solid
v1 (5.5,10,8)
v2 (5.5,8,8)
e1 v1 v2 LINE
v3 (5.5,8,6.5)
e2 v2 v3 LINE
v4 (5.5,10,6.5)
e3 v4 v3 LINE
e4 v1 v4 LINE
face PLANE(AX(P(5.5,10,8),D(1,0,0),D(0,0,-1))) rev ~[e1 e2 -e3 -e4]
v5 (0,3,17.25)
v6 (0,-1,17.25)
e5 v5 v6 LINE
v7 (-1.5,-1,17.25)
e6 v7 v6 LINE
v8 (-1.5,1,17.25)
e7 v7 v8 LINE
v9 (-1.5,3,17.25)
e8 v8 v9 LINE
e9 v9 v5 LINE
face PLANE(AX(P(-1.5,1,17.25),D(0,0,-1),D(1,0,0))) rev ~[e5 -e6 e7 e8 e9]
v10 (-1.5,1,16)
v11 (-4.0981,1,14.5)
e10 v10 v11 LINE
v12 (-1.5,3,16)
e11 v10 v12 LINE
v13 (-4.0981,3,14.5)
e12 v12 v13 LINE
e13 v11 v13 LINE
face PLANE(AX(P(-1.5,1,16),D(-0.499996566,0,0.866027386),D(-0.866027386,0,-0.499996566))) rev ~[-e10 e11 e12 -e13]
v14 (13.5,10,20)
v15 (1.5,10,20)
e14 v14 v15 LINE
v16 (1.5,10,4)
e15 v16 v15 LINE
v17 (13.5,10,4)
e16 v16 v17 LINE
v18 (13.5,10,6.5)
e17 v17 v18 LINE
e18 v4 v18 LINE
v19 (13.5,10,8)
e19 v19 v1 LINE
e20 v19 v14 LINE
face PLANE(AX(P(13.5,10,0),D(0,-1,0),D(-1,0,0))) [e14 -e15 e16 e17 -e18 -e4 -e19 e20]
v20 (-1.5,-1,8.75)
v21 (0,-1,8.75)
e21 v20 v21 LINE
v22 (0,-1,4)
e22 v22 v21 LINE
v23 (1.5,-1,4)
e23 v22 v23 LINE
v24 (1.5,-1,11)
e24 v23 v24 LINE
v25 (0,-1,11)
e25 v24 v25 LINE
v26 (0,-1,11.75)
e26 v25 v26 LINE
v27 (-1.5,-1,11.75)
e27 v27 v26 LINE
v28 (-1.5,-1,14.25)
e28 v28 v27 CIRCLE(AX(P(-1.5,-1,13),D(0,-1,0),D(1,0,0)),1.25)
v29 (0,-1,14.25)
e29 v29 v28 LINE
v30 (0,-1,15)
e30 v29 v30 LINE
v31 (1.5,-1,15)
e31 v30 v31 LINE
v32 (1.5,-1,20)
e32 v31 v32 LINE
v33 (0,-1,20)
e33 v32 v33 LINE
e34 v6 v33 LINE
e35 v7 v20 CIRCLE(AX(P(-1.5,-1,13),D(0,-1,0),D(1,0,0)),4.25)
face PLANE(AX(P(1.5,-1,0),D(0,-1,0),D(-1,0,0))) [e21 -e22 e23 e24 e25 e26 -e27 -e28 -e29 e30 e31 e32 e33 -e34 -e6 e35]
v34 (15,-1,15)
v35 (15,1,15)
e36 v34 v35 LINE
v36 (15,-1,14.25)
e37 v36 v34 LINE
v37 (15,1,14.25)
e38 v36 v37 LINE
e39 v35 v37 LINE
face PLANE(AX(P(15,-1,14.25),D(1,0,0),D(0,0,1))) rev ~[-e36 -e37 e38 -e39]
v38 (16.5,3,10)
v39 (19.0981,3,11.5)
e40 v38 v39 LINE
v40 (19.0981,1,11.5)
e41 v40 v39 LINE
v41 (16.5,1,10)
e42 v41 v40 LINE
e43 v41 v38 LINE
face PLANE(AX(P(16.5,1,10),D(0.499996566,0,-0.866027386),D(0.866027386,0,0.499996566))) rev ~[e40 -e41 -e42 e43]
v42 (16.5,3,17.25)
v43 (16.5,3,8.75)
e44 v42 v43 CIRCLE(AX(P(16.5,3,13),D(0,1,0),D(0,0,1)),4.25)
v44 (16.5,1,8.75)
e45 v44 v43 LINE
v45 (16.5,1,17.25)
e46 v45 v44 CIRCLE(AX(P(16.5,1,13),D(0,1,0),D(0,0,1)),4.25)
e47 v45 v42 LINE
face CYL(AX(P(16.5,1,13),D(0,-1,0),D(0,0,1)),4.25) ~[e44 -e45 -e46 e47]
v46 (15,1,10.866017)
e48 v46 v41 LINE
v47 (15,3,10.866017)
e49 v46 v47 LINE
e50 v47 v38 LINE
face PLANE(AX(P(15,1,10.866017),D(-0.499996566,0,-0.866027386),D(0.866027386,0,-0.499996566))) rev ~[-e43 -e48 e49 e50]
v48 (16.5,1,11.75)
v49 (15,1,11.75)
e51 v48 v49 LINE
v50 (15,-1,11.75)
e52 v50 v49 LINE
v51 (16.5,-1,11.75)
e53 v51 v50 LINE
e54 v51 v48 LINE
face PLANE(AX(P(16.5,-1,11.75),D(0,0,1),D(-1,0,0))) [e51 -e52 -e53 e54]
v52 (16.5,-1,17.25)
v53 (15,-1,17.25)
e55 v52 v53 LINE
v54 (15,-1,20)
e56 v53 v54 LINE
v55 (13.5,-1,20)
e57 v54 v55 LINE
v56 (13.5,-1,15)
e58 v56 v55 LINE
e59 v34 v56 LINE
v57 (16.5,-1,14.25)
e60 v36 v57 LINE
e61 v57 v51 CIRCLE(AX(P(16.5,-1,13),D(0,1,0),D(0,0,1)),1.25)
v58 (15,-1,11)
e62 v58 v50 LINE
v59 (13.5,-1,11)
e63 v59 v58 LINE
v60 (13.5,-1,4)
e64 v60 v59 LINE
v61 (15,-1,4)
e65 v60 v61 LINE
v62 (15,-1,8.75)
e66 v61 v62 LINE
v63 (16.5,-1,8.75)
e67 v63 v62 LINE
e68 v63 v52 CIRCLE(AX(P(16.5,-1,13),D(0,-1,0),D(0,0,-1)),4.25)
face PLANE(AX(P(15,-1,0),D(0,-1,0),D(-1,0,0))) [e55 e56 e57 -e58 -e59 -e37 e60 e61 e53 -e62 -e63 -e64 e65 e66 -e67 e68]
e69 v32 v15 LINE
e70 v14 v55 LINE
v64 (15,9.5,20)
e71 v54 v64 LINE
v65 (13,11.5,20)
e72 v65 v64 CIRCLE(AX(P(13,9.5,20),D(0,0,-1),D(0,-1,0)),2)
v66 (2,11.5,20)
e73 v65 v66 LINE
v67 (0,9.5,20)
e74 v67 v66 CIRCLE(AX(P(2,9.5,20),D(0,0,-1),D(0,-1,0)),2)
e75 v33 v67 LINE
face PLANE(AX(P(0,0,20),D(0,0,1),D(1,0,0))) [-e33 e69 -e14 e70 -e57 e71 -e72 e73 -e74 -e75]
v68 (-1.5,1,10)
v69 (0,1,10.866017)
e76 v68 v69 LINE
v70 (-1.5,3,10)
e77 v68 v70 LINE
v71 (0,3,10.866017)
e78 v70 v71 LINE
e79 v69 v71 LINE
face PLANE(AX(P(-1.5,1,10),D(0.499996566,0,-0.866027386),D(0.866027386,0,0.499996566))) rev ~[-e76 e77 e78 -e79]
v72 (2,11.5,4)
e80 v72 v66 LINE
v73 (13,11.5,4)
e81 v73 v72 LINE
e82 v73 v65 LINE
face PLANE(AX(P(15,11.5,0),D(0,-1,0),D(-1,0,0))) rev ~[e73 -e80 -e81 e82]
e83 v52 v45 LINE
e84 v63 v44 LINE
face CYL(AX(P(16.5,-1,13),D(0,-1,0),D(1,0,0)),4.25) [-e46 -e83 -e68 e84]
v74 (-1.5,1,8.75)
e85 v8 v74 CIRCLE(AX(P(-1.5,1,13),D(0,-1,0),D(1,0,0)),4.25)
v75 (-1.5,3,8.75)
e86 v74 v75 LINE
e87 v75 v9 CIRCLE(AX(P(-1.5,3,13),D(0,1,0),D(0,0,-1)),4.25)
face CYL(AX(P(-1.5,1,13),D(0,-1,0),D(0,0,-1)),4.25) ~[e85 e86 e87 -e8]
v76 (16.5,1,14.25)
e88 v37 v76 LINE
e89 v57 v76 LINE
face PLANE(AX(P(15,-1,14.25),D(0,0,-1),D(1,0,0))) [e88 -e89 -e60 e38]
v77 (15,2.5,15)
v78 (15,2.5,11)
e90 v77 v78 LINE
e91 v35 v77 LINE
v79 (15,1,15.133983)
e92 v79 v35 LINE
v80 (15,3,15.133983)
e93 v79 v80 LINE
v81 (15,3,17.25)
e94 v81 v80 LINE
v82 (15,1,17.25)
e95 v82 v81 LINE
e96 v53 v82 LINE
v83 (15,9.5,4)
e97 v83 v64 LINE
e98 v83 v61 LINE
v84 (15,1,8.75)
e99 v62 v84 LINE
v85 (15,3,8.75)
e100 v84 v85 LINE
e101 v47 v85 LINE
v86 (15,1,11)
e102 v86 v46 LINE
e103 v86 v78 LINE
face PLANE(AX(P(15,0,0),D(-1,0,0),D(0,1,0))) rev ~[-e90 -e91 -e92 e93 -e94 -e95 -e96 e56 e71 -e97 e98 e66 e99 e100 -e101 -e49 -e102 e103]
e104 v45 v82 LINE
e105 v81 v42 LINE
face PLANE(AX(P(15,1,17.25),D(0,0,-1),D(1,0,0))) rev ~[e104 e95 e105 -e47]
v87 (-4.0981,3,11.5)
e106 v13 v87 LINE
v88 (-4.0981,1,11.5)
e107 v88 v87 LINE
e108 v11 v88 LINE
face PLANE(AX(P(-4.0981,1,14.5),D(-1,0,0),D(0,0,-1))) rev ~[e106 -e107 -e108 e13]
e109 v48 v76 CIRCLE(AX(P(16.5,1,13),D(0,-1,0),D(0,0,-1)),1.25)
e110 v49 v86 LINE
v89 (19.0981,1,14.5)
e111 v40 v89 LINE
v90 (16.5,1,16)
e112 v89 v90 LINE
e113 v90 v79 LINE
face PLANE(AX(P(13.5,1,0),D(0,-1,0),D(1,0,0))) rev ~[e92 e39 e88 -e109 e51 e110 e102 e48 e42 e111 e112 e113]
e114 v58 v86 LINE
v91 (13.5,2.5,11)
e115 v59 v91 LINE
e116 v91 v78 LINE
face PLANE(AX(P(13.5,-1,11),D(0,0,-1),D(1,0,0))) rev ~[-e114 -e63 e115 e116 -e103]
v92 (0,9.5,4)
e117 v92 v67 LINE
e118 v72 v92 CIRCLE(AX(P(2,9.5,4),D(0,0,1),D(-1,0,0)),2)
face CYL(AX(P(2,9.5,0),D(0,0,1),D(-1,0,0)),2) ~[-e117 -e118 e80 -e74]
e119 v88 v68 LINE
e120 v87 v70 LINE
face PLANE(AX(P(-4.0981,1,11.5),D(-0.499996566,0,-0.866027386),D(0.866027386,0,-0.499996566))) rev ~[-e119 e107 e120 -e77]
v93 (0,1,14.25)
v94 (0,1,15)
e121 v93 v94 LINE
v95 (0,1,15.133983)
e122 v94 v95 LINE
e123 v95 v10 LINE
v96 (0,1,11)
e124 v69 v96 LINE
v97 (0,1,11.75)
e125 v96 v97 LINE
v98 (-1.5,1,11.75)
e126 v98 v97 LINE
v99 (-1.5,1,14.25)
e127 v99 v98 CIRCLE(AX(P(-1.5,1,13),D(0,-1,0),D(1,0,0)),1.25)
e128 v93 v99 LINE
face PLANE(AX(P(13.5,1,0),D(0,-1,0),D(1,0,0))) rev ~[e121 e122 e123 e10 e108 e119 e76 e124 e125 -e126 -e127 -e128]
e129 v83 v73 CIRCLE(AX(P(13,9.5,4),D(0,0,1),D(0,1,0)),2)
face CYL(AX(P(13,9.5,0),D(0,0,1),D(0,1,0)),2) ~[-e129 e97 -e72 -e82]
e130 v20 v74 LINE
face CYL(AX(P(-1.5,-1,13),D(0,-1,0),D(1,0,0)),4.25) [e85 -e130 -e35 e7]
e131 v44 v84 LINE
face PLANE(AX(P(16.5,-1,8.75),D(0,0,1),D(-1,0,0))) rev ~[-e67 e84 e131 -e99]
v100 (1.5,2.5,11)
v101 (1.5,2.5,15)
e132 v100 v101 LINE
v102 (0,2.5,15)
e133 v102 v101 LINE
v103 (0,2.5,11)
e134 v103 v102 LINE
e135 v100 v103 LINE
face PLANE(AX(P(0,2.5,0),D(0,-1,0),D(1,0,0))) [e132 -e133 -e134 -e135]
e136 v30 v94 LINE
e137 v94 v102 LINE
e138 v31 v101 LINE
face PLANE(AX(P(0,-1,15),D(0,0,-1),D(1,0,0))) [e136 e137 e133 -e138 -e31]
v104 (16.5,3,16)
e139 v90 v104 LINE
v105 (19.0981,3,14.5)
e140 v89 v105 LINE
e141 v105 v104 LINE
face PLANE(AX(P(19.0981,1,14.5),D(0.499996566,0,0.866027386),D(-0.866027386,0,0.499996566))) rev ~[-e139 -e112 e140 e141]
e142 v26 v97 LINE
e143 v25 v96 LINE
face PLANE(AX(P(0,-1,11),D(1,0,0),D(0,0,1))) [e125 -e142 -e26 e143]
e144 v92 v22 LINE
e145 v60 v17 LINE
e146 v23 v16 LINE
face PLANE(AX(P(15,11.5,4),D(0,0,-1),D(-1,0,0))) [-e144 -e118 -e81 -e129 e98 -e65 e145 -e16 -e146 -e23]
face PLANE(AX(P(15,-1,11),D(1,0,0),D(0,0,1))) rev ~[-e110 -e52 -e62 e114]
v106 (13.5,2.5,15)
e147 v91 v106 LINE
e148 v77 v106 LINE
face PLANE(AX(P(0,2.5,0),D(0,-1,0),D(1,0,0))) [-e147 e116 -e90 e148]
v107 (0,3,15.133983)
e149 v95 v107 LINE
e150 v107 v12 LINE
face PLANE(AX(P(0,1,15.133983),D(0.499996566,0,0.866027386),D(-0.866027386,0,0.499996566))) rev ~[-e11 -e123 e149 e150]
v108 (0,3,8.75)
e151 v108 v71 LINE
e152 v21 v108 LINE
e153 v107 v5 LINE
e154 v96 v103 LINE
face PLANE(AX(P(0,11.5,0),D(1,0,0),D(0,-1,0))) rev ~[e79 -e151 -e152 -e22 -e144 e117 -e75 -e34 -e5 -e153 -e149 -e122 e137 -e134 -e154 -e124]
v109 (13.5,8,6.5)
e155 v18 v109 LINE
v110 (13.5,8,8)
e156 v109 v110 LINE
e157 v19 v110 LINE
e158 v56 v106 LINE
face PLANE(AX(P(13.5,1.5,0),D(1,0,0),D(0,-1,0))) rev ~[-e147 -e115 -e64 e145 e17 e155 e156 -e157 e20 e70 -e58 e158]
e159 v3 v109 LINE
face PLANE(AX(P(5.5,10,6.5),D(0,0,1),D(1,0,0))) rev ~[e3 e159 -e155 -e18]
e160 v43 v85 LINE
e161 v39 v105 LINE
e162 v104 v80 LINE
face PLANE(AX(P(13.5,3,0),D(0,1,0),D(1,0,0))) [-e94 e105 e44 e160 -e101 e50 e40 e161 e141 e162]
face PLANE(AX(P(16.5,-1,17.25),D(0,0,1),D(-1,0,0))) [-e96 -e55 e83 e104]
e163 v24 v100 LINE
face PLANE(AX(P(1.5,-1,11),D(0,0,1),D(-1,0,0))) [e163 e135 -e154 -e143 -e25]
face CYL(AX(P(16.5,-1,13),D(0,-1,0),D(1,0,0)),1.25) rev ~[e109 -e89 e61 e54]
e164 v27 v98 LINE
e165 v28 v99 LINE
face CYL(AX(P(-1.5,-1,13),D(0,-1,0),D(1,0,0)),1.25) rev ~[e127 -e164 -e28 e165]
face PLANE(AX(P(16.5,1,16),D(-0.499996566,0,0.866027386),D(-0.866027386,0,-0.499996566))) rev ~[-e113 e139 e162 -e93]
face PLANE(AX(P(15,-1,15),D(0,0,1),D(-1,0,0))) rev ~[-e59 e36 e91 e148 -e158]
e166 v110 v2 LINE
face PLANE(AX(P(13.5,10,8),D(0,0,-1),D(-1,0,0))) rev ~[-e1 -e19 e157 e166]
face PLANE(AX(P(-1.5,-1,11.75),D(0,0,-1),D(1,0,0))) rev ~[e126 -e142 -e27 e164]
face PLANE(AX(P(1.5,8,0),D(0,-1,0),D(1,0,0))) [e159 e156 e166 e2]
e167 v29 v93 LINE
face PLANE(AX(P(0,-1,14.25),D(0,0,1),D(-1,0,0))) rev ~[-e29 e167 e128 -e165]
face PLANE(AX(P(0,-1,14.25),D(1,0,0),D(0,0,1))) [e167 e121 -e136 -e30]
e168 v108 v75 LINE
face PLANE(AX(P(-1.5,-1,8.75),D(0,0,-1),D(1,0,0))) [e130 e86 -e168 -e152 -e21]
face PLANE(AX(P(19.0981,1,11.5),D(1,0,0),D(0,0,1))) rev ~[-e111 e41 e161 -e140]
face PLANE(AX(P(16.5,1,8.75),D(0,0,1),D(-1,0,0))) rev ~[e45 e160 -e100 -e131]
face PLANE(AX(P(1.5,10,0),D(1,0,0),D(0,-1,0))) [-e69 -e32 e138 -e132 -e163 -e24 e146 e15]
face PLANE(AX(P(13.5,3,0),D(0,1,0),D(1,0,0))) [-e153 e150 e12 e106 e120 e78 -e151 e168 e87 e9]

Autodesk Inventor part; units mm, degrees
ref_plane "YZ Plane" through (0, 0, 0) normal (1, 0, 0) x (0, 1, 0)
ref_plane "XZ Plane" through (0, 0, 0) normal (0, 1, 0) x (-1, 0, 0)
ref_plane "XY Plane" through (0, 0, 0) normal (0, 0, 1) x (1, 0, 0)
sketch "Szkic1" plane through (0, 0, 0) normal (0, 0, 1) x (1, 0, 0)
  line L0 (0, 0) -> (15, 0)
  line L1 (15, 0) -> (15, 11.5)
  line L2 (15, 11.5) -> (0, 11.5)
  line L3 (0, 11.5) -> (0, 0)
  line L4 (1.5, 1.5) -> (13.5, 1.5)
  line L5 (13.5, 1.5) -> (13.5, 10)
  line L6 (13.5, 10) -> (1.5, 10)
  line L7 (1.5, 10) -> (1.5, 1.5)
  line L8 (1.5, 1.5) -> (1.5, 0)
  line L9 (13.5, 1.5) -> (13.5, 0)
  line L10 (0, 0) -> (15, 0)
  line L11 (15, 0) -> (15, -1)
  line L12 (15, -1) -> (0, -1)
  line L13 (0, -1) -> (0, 0)
  line L14 (13.5, 0) -> (13.5, -1)
  line L15 (1.5, 0) -> (1.5, -1)
  dimension "d0" = 15
  dimension "d1" = 11.5
  dimension "d2" = 1.5
  dimension "d3" = 1
extrude "Wyciągnięcie proste1" add sketch "Szkic1" along normal blind 20 contours L3 L2 L1 L0 L9 L5 L6 L7 L8 | L0 L15 L12 L13 | L0 L11 L12 L14
fillet "Zaokrąglenie1" radius 2 2 edges at (15, 11.5, 10) (0, 11.5, 10)
sketch "Szkic2" plane through (13.5, -1, 0) normal (0, -1, 0) x (1, 0, 0)
  line L0 (-13.5, 0) -> (-13.5, 20) projected
  line L1 (1.5, 0) -> (1.5, 20) projected
  line L2 (0, 0) -> (1.5, 0) projected
  circle A0 centre (3, 13) radius 1.25
  circle A1 centre (-15, 13) radius 1.25
  circle A2 centre (3, 13) radius 4.25
  circle A3 centre (-15, 13) radius 4.25
  line L3 (3, 8.75) -> (1.5, 8.75)
  line L4 (-15, 8.75) -> (-13.5, 8.75)
  line L5 (3, 17.25) -> (1.5, 17.25)
  line L6 (-15, 17.25) -> (-13.5, 17.25)
  dimension "d7" = 1.5
  dimension "d8" = 1.5
  dimension "d9" = 13
  dimension "d10" = 2.5
  dimension "d11" = 2.5
  dimension "d12" = 8.5
  dimension "d13" = 8.5
extrude "Wyciągnięcie proste2" add sketch "Szkic2" against normal blind 2 contours L4 A3 L0 | A3 L0 | A3 L6 L0 | L1 A2 L3 | L1 A2 | L1 L5 A2 picked at (-15.3893, 9.7942) picked at (6.2145, 12.6848)
sketch "Szkic3" plane through (0, -1, 0) normal (0, -1, 0) x (1, 0, 0)
  line L0 (1.5, 0) -> (1.5, 20) projected
  line L1 (1.5, 11) -> (0, 11)
  line L2 (0, 11) -> (0, 15)
  line L3 (0, 15) -> (1.5, 15)
  line L4 (1.5, 15) -> (1.5, 11)
  circle A0 centre (-1.5, 13) radius 1.25 projected
  line L5 (0, 0) -> (0, 20) projected
  line L6 (-1.5, 11.75) -> (0, 11.75)
  line L7 (0, 11.75) -> (0, 14.25)
  line L8 (0, 14.25) -> (-1.5, 14.25)
  line L9 (-1.5, 14.25) -> (-1.5, 11.75)
  line L10 (13.5, 0) -> (13.5, 20) projected
  line L11 (13.5, 11) -> (15, 11)
  line L12 (15, 11) -> (15, 15)
  line L13 (15, 15) -> (13.5, 15)
  line L14 (13.5, 15) -> (13.5, 11)
  circle A1 centre (16.5, 13) radius 1.25 projected
  line L15 (16.5, 11.75) -> (15, 11.75)
  line L16 (15, 11.75) -> (15, 14.25)
  line L17 (15, 14.25) -> (16.5, 14.25)
  line L18 (16.5, 14.25) -> (16.5, 11.75)
  dimension "d16" = 1.5
  dimension "d17" = 4
  dimension "d18" = 2
  dimension "d19" = 1.5
  dimension "d20" = 4
extrude "Wyciągnięcie proste3" cut sketch "Szkic3" against normal blind 3.5 contours L1 L2 L3 L0 | L6 A0 L8 L2 | L10 L13 L12 L11 | L12 L17 A1 L15 | L18 A1 | A1 L18
sketch "Szkic4" plane through (13.5, 1, 0) normal (0, 1, 0) x (1, 0, 0)
  arc A0 (-15, -11.75) -> (-15, -14.25) centre (-15, -13) ccw projected
  arc A1 (3, -14.25) -> (3, -11.75) centre (3, -13) ccw projected
  arc A2 (3, -17.25) -> (3, -8.75) centre (3, -13) ccw projected
  line L0 (3, -16) -> (0.4019, -14.5)
  line L1 (0.4019, -14.5) -> (0.4019, -11.5)
  line L2 (0.4019, -11.5) -> (3, -10)
  line L3 (3, -10) -> (5.5981, -11.5)
  line L4 (5.5981, -11.5) -> (5.5981, -14.5)
  line L5 (5.5981, -14.5) -> (3, -16)
  line L6 (-15, -16) -> (-17.5981, -14.5)
  line L7 (-17.5981, -14.5) -> (-17.5981, -11.5)
  line L8 (-17.5981, -11.5) -> (-15, -10)
  line L9 (-15, -10) -> (-12.4019, -11.5)
  line L10 (-12.4019, -11.5) -> (-12.4019, -14.5)
  line L11 (-12.4019, -14.5) -> (-15, -16)
  line L12 (1.5, -11.75) -> (3, -11.75) projected
  arc A3 (3, -14.25) -> (3, -11.75) centre (3, -13) ccw projected
  line L13 (3, -14.25) -> (1.5, -14.25) projected
  line L14 (1.5, -15) -> (1.5, -14.25) projected
  line L15 (1.5, -17.25) -> (1.5, -15) projected
  line L16 (1.5, -17.25) -> (3, -17.25) projected
  arc A4 (3, -17.25) -> (3, -8.75) centre (3, -13) ccw projected
  line L17 (3, -8.75) -> (1.5, -8.75) projected
  line L18 (1.5, -11) -> (1.5, -8.75) projected
  line L19 (1.5, -11.75) -> (1.5, -11) projected
  line L20 (-15, -11.75) -> (-13.5, -11.75) projected
  line L21 (-13.5, -11) -> (-13.5, -11.75) projected
  line L22 (-13.5, -8.75) -> (-13.5, -11) projected
  line L23 (-13.5, -8.75) -> (-15, -8.75) projected
  arc A5 (-15, -8.75) -> (-15, -17.25) centre (-15, -13) ccw projected
  line L24 (-15, -17.25) -> (-13.5, -17.25) projected
  line L25 (-13.5, -15) -> (-13.5, -17.25) projected
  line L26 (-13.5, -14.25) -> (-13.5, -15) projected
  line L27 (-13.5, -14.25) -> (-15, -14.25) projected
  arc A6 (-15, -11.75) -> (-15, -14.25) centre (-15, -13) ccw projected
  point P0 (-13.5, 0)
  point P1 (-13.5, -10.866)
  point P2 (-13.5, -15.134)
  point P3 (1.5, -15.134)
  point P4 (1.5, -10.866)
  dimension "d23" = 6
extrude "Wyciągnięcie proste4" add sketch "Szkic4" along normal blind 2 contours L9 L8 L7 L6 L11 L25 L24 A5 L23 L22 | L0 L5 L4 L3 L2 L18 L17 A2 L16 L15
sketch "Szkic5" plane through (1.5, 10, 0) normal (0, -1, 0) x (1, 0, 0)
  arc A0 (-3, 14.25) -> (-3, 11.75) centre (-3, 13) ccw projected
  arc A1 (15, 11.75) -> (15, 14.25) centre (15, 13) ccw projected
  line L0 (4, 6.5) -> (12, 6.5)
  line L1 (12, 6.5) -> (12, 8)
  line L2 (12, 8) -> (4, 8)
  line L3 (4, 8) -> (4, 6.5)
  line L4 (12, 0) -> (12, 20) projected
  point P0 (-1.5, 0)
  point P1 (12, 7.25)
  dimension "d26" = 8
  dimension "d27" = 1.5
  dimension "d28" = 5
extrude "Wyciągnięcie proste5" add sketch "Szkic5" along normal blind 2
sketch "Szkic6" plane through (2, 11.5, 0) normal (0, 1, 0) x (1, 0, 0)
  line L0 (-2, 0) -> (0, 0) projected
  line L1 (13, 0) -> (13, -8.75) projected
  line L2 (-2, 0) -> (13, 0)
  line L3 (13, 0) -> (13, -4)
  line L4 (13, -4) -> (-2, -4)
  line L5 (-2, -4) -> (-2, 0)
  dimension "d31" = 4
extrude "Wyciągnięcie proste6" cut sketch "Szkic6" against normal through all
properties part number "mocowanie_silnik"
